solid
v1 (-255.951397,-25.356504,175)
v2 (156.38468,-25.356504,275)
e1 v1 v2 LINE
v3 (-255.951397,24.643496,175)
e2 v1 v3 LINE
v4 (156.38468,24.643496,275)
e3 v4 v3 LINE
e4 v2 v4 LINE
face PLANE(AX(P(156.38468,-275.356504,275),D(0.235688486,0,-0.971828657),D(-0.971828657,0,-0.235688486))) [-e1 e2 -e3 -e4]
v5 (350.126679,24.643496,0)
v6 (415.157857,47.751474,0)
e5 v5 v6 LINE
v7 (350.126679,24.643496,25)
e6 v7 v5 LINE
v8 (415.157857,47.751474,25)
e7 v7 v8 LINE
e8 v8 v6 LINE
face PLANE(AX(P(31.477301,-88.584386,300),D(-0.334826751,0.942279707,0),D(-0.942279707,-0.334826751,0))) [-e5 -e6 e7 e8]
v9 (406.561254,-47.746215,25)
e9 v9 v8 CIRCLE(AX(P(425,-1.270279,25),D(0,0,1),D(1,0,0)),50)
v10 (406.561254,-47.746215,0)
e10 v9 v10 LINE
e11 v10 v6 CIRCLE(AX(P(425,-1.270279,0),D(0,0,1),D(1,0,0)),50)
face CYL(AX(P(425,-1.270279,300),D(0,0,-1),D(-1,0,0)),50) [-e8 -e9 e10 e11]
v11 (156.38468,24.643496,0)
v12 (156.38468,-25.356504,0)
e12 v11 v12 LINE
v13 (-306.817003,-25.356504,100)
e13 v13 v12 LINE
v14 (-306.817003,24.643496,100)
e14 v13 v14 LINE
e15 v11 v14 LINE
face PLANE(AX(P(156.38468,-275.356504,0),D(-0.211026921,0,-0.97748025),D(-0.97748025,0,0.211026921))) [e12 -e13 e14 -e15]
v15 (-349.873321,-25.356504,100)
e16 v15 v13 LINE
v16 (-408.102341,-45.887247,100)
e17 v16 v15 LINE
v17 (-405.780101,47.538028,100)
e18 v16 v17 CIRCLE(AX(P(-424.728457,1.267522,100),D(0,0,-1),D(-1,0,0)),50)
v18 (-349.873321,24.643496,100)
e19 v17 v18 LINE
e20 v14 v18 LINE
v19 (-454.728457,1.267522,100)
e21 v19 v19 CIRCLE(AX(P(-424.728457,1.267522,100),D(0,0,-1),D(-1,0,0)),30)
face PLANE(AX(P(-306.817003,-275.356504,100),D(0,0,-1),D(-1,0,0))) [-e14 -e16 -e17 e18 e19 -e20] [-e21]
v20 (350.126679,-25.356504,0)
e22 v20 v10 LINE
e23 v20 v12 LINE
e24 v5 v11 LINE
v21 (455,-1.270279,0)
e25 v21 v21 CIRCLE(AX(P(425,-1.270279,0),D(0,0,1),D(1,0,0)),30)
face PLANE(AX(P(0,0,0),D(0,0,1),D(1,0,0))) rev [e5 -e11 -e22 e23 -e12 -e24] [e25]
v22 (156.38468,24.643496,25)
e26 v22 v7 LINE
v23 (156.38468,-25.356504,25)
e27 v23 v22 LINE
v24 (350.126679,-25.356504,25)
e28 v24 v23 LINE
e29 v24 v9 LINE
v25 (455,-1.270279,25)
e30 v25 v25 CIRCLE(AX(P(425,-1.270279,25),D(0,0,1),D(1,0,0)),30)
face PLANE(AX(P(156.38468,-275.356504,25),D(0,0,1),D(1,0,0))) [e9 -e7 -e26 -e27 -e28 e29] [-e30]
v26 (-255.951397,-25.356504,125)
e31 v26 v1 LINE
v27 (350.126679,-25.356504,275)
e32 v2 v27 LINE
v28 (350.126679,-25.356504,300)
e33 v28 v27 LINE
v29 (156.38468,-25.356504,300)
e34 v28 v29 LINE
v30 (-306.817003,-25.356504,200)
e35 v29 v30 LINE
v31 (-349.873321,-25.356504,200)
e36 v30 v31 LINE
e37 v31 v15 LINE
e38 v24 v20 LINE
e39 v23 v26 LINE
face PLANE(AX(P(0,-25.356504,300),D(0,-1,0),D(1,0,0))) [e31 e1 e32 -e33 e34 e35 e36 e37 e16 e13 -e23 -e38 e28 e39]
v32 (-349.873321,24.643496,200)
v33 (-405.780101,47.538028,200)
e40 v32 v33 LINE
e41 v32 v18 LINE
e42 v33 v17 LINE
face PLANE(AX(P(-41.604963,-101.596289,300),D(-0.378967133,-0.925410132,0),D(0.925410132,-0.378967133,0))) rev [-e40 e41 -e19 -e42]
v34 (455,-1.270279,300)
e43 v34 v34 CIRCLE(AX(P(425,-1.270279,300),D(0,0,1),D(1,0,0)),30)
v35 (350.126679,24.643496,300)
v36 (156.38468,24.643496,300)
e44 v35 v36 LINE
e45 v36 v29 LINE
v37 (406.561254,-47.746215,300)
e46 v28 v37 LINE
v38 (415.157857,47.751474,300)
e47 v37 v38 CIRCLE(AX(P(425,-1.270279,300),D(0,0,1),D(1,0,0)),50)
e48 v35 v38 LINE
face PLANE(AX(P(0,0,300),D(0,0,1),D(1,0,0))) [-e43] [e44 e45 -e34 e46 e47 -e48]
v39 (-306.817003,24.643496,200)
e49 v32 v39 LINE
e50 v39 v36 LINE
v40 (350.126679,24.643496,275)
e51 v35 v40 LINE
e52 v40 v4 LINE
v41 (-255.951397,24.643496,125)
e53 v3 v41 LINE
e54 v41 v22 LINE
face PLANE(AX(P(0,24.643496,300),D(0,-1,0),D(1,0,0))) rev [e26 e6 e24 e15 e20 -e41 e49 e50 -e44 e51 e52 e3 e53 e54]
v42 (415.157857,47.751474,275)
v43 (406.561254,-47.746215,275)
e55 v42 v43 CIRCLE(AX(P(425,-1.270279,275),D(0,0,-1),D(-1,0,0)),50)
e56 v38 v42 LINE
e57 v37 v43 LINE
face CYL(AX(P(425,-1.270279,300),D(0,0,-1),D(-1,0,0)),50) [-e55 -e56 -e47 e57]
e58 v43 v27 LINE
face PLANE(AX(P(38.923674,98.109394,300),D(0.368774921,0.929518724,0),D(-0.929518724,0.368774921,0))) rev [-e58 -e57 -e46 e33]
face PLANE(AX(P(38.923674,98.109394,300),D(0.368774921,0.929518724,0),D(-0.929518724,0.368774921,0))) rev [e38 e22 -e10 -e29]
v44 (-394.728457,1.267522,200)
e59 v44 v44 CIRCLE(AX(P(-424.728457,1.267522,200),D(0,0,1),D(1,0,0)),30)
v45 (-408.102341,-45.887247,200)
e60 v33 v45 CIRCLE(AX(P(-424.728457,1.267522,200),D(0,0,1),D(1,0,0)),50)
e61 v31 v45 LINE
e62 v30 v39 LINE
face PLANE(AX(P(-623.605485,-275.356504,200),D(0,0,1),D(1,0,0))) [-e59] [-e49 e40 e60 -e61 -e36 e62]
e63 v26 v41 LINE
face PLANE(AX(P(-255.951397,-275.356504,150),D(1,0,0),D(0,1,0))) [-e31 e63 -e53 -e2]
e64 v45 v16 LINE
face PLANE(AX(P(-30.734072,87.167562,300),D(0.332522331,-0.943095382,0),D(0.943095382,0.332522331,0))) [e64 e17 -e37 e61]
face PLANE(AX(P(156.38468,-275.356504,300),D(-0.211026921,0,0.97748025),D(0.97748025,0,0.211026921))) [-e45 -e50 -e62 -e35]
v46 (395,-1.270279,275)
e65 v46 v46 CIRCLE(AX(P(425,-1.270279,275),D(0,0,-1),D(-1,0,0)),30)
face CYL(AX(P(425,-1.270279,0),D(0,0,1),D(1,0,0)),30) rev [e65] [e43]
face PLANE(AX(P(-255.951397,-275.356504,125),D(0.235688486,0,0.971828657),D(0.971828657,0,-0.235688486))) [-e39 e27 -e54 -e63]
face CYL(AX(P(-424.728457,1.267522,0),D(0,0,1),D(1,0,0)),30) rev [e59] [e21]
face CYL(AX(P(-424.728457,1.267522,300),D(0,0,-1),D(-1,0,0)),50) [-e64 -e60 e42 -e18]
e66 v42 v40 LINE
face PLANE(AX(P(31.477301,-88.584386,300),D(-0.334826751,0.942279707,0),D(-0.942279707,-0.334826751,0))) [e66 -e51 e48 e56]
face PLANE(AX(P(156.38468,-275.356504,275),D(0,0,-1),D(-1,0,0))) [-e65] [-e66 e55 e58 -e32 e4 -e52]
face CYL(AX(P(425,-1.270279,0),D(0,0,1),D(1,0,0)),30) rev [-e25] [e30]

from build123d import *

# Parameters (mm, degrees)
BOSS_EXTRUDE1_DEPTH = 300
SKETCH3_OUTSIDE_W   = 1151.978
SKETCH3_OUTSIDE_H   = 502.25
CUT_EXTRUDE1_DEPTH  = 300
CUT_EXTRUDE3_DEPTH  = 300
SKETCH6_R           = 30
CUT_EXTRUDE4_DEPTH  = 200


with BuildPart() as part:
    # Sketch1 → Boss-Extrude1 (new body)
    with BuildSketch(Plane.XY):
        with BuildLine():
            Line((350.126678984, 24.643496119), (-349.873321016, 24.643496119))
            Line((-349.873321016, 24.643496119), (-405.7801007, 47.538028277))
            ThreePointArc((-405.7801007, 47.538028277), (-474.713018176, 2.509970806), (-408.102340797, -45.887247404))
            Line((-408.102340797, -45.887247404), (-349.873321016, -25.356503881))
            Line((-349.873321016, -25.356503881), (350.126678984, -25.356503881))
            Line((350.126678984, -25.356503881), (406.56125394, -47.746215249))
            ThreePointArc((406.56125394, -47.746215249), (474.7986376, -5.753101083), (415.157857426, 47.751473547))
            Line((415.157857426, 47.751473547), (401.702587644, 42.970319678))
            Line((401.702587644, 42.970319678), (350.126678984, 24.643496119))
        make_face()
    extrude(amount=BOSS_EXTRUDE1_DEPTH)

    # Sketch3 outside → Cut-Extrude1 (cut)
    with BuildSketch(Plane(origin=(0, 24.643496119, 0), x_dir=(1, 0, 0), z_dir=(0, 1, 0))):
        with Locations((0.136, -150)):
            Rectangle(SKETCH3_OUTSIDE_W, SKETCH3_OUTSIDE_H)
        Polygon((156.384680345, -275), (-255.951397242, -175), (-255.951397242, -150), (-255.951397242, -125), (156.384680345, -25), (646.790959518, -25), (660.003845731, 0), (156.384680345, 0), (-306.817002614, -100), (-623.605485165, -100), (-623.605485165, -200), (-306.817002614, -200), (156.384680345, -300), (568.093933709, -300), (523.266387174, -275), align=None, mode=Mode.SUBTRACT)
    extrude(amount=-CUT_EXTRUDE1_DEPTH, mode=Mode.SUBTRACT)

    # Sketch5 → Cut-Extrude3 (cut)
    with BuildSketch(Plane(origin=(0, 24.643496119, 0), x_dir=(1, 0, 0), z_dir=(0, 1, 0))):
        Polygon((156.384680345, -25), (555.921134312, -25), (555.921134312, -275), (156.384680345, -275), (-255.951397242, -175), (-255.951397242, -125), align=None)
        Polygon((-349.873321016, -100), (-477.733615617, -100), (-477.733615617, 50.340527991), (-332.07706739, 50.340527991), align=None)
        Polygon((-349.873321016, -200), (-349.873321016, -364.123748435), (-511.890412396, -324.647411731), (-481.519399358, -200), align=None)
    extrude(amount=CUT_EXTRUDE3_DEPTH, mode=Mode.SUBTRACT)

    # Sketch6 → Cut-Extrude4 (cut, symmetric)
    with BuildSketch(Plane.XY.offset(200)):
        with Locations((-424.728457358, 1.267521688)):
            Circle(SKETCH6_R)
        with Locations((425, -1.27027907)):
            Circle(SKETCH6_R)
    extrude(amount=CUT_EXTRUDE4_DEPTH, both=True, mode=Mode.SUBTRACT)


solid = part.part
